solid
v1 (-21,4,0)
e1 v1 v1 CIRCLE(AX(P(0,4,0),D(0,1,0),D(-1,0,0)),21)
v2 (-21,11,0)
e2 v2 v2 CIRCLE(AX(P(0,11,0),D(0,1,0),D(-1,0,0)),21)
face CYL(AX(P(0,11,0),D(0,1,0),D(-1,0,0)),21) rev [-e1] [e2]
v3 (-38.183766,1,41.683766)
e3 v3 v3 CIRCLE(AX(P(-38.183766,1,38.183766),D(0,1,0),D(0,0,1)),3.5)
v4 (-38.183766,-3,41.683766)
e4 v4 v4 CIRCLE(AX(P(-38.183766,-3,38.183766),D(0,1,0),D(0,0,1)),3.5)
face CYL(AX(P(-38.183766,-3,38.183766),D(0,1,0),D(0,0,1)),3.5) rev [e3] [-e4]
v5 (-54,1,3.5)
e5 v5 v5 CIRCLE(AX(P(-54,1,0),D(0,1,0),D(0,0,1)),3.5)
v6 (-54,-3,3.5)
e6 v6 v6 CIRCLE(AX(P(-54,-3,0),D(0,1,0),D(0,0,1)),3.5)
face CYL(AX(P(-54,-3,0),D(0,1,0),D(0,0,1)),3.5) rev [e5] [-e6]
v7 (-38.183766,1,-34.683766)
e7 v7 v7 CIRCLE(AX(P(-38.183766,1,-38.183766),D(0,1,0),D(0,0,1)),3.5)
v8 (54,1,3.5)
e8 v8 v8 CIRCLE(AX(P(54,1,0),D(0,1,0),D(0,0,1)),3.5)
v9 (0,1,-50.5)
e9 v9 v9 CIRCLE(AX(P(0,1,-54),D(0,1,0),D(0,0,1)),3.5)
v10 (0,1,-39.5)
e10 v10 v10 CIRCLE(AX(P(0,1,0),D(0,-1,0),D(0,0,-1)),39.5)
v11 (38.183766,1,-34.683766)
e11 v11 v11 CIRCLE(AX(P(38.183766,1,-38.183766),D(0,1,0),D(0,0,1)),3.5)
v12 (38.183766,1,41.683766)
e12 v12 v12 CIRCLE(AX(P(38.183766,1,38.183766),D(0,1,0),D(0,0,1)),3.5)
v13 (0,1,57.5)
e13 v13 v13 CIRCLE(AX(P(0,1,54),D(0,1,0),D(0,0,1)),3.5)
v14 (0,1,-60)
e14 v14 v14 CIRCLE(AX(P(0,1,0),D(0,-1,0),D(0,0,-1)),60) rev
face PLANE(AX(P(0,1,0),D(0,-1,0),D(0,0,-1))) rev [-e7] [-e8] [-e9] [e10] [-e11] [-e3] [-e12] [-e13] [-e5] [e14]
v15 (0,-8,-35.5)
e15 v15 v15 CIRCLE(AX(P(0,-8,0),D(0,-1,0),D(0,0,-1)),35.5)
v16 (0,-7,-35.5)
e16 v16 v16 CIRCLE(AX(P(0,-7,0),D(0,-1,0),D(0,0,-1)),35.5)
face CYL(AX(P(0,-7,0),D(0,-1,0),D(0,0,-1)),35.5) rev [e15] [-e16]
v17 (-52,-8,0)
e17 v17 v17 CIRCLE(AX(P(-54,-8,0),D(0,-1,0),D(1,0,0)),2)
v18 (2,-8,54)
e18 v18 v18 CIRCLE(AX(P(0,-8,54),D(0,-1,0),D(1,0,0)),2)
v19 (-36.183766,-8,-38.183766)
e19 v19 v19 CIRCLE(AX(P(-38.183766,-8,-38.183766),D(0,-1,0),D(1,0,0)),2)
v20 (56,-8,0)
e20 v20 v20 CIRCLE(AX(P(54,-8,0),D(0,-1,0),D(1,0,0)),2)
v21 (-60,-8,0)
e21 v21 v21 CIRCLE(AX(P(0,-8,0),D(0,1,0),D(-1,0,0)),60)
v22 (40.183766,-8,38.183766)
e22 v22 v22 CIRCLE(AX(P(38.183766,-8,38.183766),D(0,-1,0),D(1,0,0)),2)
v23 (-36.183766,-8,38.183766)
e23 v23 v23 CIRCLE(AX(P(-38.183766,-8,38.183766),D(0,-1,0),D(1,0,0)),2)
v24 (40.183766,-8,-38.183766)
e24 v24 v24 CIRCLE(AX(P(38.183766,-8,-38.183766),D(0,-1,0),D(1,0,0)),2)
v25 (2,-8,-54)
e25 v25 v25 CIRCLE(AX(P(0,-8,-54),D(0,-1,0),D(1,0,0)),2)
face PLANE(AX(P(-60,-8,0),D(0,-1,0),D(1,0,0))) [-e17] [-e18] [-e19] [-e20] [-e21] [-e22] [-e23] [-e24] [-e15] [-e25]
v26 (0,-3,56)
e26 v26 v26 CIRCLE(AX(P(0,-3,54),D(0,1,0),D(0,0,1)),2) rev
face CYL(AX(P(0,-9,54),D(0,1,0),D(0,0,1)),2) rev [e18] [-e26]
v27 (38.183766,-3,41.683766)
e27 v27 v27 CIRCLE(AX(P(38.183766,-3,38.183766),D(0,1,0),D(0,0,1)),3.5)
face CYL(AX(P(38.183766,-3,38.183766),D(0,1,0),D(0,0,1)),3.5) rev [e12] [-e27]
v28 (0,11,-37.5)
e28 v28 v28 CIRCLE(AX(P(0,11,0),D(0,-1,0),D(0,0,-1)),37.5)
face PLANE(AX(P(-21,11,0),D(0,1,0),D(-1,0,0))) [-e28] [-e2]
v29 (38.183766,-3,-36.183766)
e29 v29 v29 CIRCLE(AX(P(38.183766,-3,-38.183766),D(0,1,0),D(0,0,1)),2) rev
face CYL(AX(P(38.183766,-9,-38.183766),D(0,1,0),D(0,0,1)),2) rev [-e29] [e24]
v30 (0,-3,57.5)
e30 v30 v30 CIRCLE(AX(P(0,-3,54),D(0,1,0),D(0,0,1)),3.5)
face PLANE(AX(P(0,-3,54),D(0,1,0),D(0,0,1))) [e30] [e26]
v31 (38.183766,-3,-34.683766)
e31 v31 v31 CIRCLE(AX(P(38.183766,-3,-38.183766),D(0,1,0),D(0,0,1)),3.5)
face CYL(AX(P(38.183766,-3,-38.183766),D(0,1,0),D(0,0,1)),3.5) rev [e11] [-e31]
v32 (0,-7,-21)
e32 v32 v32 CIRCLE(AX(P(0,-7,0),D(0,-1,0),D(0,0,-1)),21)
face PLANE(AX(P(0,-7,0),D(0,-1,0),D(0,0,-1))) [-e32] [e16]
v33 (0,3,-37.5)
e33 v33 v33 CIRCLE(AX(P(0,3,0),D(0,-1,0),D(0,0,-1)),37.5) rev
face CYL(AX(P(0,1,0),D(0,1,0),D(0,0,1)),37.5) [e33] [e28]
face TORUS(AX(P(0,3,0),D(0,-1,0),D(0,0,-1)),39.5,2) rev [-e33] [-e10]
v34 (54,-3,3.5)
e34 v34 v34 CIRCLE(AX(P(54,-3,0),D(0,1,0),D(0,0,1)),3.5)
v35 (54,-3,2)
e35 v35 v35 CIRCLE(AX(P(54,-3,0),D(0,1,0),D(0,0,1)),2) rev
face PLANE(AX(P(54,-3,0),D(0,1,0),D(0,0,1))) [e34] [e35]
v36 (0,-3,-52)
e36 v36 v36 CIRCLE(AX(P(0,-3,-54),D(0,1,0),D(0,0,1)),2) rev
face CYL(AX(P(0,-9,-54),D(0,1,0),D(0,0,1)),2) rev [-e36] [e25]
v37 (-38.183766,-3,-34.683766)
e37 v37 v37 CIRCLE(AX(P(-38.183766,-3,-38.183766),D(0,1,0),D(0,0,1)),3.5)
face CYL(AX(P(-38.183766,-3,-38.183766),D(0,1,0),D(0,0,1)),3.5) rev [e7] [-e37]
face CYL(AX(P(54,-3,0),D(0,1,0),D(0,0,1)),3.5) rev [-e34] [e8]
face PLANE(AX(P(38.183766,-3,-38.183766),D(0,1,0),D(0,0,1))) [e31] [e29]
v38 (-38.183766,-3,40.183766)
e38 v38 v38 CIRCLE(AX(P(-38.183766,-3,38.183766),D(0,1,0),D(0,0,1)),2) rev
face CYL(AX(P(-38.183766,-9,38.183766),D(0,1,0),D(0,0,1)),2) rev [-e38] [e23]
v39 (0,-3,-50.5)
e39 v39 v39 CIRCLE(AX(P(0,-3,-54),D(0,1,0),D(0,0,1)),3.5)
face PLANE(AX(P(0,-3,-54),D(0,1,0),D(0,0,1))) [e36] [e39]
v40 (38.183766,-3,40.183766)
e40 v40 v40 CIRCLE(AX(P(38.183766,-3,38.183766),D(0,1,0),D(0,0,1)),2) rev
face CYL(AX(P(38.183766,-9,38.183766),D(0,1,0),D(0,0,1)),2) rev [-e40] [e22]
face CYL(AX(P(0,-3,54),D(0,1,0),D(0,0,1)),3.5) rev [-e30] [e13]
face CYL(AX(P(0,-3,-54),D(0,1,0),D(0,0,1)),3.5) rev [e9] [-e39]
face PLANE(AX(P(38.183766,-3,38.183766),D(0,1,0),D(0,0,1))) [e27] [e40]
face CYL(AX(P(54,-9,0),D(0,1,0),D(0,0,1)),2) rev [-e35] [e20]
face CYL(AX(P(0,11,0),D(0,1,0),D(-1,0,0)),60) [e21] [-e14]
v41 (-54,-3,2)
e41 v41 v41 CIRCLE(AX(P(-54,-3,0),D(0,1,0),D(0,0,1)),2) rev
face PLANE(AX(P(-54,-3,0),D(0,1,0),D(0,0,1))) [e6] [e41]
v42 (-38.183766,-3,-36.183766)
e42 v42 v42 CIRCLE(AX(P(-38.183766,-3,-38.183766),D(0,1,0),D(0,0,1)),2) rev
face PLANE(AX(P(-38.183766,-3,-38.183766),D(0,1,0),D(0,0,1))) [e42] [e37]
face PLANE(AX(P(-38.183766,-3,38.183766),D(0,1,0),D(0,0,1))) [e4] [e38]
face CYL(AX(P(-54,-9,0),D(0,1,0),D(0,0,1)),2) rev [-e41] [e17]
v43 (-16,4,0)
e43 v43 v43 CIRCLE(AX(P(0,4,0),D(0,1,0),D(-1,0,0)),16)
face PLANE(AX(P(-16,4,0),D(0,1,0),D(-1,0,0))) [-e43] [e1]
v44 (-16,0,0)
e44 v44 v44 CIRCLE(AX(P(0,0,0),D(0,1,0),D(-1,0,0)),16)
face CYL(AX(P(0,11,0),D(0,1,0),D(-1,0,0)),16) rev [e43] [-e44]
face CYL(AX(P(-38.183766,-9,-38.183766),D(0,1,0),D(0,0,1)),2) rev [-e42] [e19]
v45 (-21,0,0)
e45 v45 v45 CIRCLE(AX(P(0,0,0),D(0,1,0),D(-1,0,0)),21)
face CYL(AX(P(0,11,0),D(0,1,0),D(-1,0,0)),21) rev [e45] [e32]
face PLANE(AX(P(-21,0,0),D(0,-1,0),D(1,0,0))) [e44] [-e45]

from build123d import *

# Parameters (mm, degrees)
SKETCH3_R          = 67.964535867
SKETCH3_R_2        = 37.5
CUT_EXTRUDE3_DEPTH = 10
SKETCH4_R          = 35.5
CUT_EXTRUDE4_DEPTH = 1
SKETCH6_R          = 2
CUT_EXTRUDE5_DEPTH = 10
SKETCH7_R          = 3.5
CUT_EXTRUDE6_DEPTH = 4
FILLET1_R          = 2


with BuildPart() as part:
    # Sketch1 → Revolve1 (revolve)
    with BuildSketch(Plane.XY):
        Polygon((-21, 11), (-60, 11), (-60, -8), (-21, -8), (-21, 0), (-16, 0), (-16, 4), (-21, 4), align=None)
    revolve(axis=Axis((0, 11, 0), (0, -1, 0)))

    # Sketch3 → Cut-Extrude3 (cut)
    with BuildSketch(Plane.XZ.offset(-11)):
        Circle(SKETCH3_R)
        with Locations(Location((0, 0, 0), (0, 0, 270))):
            Circle(SKETCH3_R_2, mode=Mode.SUBTRACT)
    extrude(amount=CUT_EXTRUDE3_DEPTH, mode=Mode.SUBTRACT)

    # Sketch4 → Cut-Extrude4 (cut)
    with BuildSketch(Plane.XZ.offset(8)):
        with Locations(Location((0, 0, 0), (0, 0, 270))):
            Circle(SKETCH4_R)
    extrude(amount=-CUT_EXTRUDE4_DEPTH, mode=Mode.SUBTRACT)

    # Sketch6 → Cut-Extrude5 (cut)
    with BuildSketch(Plane(origin=(0, 1, 0), x_dir=(1, 0, 0), z_dir=(0, 1, 0))):
        with Locations(Location((0, 54, 0), (0, 0, 270))):
            Circle(SKETCH6_R)
        with Locations(Location((38.183766184, 38.183766184, 0), (0, 0, 270))):
            Circle(SKETCH6_R)
        with Locations(Location((54, 0, 0), (0, 0, 270))):
            Circle(SKETCH6_R)
        with Locations(Location((38.183766184, -38.183766184, 0), (0, 0, 270))):
            Circle(SKETCH6_R)
        with Locations(Location((0, -54, 0), (0, 0, 270))):
            Circle(SKETCH6_R)
        with Locations(Location((-38.183766184, -38.183766184, 0), (0, 0, 270))):
            Circle(SKETCH6_R)
        with Locations(Location((-54, 0, 0), (0, 0, 270))):
            Circle(SKETCH6_R)
        with Locations(Location((-38.183766184, 38.183766184, 0), (0, 0, 270))):
            Circle(SKETCH6_R)
    extrude(amount=-CUT_EXTRUDE5_DEPTH, mode=Mode.SUBTRACT)

    # Sketch7 → Cut-Extrude6 (cut)
    with BuildSketch(Plane(origin=(0, 1, 0), x_dir=(1, 0, 0), z_dir=(0, 1, 0))):
        with Locations(Location((0, 54, 0), (0, 0, 270))):
            Circle(SKETCH7_R)
        with Locations(Location((38.183766184, 38.183766184, 0), (0, 0, 270))):
            Circle(SKETCH7_R)
        with Locations(Location((54, 0, 0), (0, 0, 270))):
            Circle(SKETCH7_R)
        with Locations(Location((38.183766184, -38.183766184, 0), (0, 0, 270))):
            Circle(SKETCH7_R)
        with Locations(Location((0, -54, 0), (0, 0, 270))):
            Circle(SKETCH7_R)
        with Locations(Location((-38.183766184, -38.183766184, 0), (0, 0, 270))):
            Circle(SKETCH7_R)
        with Locations(Location((-54, 0, 0), (0, 0, 270))):
            Circle(SKETCH7_R)
        with Locations(Location((-38.183766184, 38.183766184, 0), (0, 0, 270))):
            Circle(SKETCH7_R)
    extrude(amount=-CUT_EXTRUDE6_DEPTH, mode=Mode.SUBTRACT)

    # Fillet1
    fillet1_edges = [part.edges().sort_by_distance(p)[0] for p in [
        (0, 1, 37.5),
    ]]
    fillet(fillet1_edges, radius=FILLET1_R)


solid = part.part
